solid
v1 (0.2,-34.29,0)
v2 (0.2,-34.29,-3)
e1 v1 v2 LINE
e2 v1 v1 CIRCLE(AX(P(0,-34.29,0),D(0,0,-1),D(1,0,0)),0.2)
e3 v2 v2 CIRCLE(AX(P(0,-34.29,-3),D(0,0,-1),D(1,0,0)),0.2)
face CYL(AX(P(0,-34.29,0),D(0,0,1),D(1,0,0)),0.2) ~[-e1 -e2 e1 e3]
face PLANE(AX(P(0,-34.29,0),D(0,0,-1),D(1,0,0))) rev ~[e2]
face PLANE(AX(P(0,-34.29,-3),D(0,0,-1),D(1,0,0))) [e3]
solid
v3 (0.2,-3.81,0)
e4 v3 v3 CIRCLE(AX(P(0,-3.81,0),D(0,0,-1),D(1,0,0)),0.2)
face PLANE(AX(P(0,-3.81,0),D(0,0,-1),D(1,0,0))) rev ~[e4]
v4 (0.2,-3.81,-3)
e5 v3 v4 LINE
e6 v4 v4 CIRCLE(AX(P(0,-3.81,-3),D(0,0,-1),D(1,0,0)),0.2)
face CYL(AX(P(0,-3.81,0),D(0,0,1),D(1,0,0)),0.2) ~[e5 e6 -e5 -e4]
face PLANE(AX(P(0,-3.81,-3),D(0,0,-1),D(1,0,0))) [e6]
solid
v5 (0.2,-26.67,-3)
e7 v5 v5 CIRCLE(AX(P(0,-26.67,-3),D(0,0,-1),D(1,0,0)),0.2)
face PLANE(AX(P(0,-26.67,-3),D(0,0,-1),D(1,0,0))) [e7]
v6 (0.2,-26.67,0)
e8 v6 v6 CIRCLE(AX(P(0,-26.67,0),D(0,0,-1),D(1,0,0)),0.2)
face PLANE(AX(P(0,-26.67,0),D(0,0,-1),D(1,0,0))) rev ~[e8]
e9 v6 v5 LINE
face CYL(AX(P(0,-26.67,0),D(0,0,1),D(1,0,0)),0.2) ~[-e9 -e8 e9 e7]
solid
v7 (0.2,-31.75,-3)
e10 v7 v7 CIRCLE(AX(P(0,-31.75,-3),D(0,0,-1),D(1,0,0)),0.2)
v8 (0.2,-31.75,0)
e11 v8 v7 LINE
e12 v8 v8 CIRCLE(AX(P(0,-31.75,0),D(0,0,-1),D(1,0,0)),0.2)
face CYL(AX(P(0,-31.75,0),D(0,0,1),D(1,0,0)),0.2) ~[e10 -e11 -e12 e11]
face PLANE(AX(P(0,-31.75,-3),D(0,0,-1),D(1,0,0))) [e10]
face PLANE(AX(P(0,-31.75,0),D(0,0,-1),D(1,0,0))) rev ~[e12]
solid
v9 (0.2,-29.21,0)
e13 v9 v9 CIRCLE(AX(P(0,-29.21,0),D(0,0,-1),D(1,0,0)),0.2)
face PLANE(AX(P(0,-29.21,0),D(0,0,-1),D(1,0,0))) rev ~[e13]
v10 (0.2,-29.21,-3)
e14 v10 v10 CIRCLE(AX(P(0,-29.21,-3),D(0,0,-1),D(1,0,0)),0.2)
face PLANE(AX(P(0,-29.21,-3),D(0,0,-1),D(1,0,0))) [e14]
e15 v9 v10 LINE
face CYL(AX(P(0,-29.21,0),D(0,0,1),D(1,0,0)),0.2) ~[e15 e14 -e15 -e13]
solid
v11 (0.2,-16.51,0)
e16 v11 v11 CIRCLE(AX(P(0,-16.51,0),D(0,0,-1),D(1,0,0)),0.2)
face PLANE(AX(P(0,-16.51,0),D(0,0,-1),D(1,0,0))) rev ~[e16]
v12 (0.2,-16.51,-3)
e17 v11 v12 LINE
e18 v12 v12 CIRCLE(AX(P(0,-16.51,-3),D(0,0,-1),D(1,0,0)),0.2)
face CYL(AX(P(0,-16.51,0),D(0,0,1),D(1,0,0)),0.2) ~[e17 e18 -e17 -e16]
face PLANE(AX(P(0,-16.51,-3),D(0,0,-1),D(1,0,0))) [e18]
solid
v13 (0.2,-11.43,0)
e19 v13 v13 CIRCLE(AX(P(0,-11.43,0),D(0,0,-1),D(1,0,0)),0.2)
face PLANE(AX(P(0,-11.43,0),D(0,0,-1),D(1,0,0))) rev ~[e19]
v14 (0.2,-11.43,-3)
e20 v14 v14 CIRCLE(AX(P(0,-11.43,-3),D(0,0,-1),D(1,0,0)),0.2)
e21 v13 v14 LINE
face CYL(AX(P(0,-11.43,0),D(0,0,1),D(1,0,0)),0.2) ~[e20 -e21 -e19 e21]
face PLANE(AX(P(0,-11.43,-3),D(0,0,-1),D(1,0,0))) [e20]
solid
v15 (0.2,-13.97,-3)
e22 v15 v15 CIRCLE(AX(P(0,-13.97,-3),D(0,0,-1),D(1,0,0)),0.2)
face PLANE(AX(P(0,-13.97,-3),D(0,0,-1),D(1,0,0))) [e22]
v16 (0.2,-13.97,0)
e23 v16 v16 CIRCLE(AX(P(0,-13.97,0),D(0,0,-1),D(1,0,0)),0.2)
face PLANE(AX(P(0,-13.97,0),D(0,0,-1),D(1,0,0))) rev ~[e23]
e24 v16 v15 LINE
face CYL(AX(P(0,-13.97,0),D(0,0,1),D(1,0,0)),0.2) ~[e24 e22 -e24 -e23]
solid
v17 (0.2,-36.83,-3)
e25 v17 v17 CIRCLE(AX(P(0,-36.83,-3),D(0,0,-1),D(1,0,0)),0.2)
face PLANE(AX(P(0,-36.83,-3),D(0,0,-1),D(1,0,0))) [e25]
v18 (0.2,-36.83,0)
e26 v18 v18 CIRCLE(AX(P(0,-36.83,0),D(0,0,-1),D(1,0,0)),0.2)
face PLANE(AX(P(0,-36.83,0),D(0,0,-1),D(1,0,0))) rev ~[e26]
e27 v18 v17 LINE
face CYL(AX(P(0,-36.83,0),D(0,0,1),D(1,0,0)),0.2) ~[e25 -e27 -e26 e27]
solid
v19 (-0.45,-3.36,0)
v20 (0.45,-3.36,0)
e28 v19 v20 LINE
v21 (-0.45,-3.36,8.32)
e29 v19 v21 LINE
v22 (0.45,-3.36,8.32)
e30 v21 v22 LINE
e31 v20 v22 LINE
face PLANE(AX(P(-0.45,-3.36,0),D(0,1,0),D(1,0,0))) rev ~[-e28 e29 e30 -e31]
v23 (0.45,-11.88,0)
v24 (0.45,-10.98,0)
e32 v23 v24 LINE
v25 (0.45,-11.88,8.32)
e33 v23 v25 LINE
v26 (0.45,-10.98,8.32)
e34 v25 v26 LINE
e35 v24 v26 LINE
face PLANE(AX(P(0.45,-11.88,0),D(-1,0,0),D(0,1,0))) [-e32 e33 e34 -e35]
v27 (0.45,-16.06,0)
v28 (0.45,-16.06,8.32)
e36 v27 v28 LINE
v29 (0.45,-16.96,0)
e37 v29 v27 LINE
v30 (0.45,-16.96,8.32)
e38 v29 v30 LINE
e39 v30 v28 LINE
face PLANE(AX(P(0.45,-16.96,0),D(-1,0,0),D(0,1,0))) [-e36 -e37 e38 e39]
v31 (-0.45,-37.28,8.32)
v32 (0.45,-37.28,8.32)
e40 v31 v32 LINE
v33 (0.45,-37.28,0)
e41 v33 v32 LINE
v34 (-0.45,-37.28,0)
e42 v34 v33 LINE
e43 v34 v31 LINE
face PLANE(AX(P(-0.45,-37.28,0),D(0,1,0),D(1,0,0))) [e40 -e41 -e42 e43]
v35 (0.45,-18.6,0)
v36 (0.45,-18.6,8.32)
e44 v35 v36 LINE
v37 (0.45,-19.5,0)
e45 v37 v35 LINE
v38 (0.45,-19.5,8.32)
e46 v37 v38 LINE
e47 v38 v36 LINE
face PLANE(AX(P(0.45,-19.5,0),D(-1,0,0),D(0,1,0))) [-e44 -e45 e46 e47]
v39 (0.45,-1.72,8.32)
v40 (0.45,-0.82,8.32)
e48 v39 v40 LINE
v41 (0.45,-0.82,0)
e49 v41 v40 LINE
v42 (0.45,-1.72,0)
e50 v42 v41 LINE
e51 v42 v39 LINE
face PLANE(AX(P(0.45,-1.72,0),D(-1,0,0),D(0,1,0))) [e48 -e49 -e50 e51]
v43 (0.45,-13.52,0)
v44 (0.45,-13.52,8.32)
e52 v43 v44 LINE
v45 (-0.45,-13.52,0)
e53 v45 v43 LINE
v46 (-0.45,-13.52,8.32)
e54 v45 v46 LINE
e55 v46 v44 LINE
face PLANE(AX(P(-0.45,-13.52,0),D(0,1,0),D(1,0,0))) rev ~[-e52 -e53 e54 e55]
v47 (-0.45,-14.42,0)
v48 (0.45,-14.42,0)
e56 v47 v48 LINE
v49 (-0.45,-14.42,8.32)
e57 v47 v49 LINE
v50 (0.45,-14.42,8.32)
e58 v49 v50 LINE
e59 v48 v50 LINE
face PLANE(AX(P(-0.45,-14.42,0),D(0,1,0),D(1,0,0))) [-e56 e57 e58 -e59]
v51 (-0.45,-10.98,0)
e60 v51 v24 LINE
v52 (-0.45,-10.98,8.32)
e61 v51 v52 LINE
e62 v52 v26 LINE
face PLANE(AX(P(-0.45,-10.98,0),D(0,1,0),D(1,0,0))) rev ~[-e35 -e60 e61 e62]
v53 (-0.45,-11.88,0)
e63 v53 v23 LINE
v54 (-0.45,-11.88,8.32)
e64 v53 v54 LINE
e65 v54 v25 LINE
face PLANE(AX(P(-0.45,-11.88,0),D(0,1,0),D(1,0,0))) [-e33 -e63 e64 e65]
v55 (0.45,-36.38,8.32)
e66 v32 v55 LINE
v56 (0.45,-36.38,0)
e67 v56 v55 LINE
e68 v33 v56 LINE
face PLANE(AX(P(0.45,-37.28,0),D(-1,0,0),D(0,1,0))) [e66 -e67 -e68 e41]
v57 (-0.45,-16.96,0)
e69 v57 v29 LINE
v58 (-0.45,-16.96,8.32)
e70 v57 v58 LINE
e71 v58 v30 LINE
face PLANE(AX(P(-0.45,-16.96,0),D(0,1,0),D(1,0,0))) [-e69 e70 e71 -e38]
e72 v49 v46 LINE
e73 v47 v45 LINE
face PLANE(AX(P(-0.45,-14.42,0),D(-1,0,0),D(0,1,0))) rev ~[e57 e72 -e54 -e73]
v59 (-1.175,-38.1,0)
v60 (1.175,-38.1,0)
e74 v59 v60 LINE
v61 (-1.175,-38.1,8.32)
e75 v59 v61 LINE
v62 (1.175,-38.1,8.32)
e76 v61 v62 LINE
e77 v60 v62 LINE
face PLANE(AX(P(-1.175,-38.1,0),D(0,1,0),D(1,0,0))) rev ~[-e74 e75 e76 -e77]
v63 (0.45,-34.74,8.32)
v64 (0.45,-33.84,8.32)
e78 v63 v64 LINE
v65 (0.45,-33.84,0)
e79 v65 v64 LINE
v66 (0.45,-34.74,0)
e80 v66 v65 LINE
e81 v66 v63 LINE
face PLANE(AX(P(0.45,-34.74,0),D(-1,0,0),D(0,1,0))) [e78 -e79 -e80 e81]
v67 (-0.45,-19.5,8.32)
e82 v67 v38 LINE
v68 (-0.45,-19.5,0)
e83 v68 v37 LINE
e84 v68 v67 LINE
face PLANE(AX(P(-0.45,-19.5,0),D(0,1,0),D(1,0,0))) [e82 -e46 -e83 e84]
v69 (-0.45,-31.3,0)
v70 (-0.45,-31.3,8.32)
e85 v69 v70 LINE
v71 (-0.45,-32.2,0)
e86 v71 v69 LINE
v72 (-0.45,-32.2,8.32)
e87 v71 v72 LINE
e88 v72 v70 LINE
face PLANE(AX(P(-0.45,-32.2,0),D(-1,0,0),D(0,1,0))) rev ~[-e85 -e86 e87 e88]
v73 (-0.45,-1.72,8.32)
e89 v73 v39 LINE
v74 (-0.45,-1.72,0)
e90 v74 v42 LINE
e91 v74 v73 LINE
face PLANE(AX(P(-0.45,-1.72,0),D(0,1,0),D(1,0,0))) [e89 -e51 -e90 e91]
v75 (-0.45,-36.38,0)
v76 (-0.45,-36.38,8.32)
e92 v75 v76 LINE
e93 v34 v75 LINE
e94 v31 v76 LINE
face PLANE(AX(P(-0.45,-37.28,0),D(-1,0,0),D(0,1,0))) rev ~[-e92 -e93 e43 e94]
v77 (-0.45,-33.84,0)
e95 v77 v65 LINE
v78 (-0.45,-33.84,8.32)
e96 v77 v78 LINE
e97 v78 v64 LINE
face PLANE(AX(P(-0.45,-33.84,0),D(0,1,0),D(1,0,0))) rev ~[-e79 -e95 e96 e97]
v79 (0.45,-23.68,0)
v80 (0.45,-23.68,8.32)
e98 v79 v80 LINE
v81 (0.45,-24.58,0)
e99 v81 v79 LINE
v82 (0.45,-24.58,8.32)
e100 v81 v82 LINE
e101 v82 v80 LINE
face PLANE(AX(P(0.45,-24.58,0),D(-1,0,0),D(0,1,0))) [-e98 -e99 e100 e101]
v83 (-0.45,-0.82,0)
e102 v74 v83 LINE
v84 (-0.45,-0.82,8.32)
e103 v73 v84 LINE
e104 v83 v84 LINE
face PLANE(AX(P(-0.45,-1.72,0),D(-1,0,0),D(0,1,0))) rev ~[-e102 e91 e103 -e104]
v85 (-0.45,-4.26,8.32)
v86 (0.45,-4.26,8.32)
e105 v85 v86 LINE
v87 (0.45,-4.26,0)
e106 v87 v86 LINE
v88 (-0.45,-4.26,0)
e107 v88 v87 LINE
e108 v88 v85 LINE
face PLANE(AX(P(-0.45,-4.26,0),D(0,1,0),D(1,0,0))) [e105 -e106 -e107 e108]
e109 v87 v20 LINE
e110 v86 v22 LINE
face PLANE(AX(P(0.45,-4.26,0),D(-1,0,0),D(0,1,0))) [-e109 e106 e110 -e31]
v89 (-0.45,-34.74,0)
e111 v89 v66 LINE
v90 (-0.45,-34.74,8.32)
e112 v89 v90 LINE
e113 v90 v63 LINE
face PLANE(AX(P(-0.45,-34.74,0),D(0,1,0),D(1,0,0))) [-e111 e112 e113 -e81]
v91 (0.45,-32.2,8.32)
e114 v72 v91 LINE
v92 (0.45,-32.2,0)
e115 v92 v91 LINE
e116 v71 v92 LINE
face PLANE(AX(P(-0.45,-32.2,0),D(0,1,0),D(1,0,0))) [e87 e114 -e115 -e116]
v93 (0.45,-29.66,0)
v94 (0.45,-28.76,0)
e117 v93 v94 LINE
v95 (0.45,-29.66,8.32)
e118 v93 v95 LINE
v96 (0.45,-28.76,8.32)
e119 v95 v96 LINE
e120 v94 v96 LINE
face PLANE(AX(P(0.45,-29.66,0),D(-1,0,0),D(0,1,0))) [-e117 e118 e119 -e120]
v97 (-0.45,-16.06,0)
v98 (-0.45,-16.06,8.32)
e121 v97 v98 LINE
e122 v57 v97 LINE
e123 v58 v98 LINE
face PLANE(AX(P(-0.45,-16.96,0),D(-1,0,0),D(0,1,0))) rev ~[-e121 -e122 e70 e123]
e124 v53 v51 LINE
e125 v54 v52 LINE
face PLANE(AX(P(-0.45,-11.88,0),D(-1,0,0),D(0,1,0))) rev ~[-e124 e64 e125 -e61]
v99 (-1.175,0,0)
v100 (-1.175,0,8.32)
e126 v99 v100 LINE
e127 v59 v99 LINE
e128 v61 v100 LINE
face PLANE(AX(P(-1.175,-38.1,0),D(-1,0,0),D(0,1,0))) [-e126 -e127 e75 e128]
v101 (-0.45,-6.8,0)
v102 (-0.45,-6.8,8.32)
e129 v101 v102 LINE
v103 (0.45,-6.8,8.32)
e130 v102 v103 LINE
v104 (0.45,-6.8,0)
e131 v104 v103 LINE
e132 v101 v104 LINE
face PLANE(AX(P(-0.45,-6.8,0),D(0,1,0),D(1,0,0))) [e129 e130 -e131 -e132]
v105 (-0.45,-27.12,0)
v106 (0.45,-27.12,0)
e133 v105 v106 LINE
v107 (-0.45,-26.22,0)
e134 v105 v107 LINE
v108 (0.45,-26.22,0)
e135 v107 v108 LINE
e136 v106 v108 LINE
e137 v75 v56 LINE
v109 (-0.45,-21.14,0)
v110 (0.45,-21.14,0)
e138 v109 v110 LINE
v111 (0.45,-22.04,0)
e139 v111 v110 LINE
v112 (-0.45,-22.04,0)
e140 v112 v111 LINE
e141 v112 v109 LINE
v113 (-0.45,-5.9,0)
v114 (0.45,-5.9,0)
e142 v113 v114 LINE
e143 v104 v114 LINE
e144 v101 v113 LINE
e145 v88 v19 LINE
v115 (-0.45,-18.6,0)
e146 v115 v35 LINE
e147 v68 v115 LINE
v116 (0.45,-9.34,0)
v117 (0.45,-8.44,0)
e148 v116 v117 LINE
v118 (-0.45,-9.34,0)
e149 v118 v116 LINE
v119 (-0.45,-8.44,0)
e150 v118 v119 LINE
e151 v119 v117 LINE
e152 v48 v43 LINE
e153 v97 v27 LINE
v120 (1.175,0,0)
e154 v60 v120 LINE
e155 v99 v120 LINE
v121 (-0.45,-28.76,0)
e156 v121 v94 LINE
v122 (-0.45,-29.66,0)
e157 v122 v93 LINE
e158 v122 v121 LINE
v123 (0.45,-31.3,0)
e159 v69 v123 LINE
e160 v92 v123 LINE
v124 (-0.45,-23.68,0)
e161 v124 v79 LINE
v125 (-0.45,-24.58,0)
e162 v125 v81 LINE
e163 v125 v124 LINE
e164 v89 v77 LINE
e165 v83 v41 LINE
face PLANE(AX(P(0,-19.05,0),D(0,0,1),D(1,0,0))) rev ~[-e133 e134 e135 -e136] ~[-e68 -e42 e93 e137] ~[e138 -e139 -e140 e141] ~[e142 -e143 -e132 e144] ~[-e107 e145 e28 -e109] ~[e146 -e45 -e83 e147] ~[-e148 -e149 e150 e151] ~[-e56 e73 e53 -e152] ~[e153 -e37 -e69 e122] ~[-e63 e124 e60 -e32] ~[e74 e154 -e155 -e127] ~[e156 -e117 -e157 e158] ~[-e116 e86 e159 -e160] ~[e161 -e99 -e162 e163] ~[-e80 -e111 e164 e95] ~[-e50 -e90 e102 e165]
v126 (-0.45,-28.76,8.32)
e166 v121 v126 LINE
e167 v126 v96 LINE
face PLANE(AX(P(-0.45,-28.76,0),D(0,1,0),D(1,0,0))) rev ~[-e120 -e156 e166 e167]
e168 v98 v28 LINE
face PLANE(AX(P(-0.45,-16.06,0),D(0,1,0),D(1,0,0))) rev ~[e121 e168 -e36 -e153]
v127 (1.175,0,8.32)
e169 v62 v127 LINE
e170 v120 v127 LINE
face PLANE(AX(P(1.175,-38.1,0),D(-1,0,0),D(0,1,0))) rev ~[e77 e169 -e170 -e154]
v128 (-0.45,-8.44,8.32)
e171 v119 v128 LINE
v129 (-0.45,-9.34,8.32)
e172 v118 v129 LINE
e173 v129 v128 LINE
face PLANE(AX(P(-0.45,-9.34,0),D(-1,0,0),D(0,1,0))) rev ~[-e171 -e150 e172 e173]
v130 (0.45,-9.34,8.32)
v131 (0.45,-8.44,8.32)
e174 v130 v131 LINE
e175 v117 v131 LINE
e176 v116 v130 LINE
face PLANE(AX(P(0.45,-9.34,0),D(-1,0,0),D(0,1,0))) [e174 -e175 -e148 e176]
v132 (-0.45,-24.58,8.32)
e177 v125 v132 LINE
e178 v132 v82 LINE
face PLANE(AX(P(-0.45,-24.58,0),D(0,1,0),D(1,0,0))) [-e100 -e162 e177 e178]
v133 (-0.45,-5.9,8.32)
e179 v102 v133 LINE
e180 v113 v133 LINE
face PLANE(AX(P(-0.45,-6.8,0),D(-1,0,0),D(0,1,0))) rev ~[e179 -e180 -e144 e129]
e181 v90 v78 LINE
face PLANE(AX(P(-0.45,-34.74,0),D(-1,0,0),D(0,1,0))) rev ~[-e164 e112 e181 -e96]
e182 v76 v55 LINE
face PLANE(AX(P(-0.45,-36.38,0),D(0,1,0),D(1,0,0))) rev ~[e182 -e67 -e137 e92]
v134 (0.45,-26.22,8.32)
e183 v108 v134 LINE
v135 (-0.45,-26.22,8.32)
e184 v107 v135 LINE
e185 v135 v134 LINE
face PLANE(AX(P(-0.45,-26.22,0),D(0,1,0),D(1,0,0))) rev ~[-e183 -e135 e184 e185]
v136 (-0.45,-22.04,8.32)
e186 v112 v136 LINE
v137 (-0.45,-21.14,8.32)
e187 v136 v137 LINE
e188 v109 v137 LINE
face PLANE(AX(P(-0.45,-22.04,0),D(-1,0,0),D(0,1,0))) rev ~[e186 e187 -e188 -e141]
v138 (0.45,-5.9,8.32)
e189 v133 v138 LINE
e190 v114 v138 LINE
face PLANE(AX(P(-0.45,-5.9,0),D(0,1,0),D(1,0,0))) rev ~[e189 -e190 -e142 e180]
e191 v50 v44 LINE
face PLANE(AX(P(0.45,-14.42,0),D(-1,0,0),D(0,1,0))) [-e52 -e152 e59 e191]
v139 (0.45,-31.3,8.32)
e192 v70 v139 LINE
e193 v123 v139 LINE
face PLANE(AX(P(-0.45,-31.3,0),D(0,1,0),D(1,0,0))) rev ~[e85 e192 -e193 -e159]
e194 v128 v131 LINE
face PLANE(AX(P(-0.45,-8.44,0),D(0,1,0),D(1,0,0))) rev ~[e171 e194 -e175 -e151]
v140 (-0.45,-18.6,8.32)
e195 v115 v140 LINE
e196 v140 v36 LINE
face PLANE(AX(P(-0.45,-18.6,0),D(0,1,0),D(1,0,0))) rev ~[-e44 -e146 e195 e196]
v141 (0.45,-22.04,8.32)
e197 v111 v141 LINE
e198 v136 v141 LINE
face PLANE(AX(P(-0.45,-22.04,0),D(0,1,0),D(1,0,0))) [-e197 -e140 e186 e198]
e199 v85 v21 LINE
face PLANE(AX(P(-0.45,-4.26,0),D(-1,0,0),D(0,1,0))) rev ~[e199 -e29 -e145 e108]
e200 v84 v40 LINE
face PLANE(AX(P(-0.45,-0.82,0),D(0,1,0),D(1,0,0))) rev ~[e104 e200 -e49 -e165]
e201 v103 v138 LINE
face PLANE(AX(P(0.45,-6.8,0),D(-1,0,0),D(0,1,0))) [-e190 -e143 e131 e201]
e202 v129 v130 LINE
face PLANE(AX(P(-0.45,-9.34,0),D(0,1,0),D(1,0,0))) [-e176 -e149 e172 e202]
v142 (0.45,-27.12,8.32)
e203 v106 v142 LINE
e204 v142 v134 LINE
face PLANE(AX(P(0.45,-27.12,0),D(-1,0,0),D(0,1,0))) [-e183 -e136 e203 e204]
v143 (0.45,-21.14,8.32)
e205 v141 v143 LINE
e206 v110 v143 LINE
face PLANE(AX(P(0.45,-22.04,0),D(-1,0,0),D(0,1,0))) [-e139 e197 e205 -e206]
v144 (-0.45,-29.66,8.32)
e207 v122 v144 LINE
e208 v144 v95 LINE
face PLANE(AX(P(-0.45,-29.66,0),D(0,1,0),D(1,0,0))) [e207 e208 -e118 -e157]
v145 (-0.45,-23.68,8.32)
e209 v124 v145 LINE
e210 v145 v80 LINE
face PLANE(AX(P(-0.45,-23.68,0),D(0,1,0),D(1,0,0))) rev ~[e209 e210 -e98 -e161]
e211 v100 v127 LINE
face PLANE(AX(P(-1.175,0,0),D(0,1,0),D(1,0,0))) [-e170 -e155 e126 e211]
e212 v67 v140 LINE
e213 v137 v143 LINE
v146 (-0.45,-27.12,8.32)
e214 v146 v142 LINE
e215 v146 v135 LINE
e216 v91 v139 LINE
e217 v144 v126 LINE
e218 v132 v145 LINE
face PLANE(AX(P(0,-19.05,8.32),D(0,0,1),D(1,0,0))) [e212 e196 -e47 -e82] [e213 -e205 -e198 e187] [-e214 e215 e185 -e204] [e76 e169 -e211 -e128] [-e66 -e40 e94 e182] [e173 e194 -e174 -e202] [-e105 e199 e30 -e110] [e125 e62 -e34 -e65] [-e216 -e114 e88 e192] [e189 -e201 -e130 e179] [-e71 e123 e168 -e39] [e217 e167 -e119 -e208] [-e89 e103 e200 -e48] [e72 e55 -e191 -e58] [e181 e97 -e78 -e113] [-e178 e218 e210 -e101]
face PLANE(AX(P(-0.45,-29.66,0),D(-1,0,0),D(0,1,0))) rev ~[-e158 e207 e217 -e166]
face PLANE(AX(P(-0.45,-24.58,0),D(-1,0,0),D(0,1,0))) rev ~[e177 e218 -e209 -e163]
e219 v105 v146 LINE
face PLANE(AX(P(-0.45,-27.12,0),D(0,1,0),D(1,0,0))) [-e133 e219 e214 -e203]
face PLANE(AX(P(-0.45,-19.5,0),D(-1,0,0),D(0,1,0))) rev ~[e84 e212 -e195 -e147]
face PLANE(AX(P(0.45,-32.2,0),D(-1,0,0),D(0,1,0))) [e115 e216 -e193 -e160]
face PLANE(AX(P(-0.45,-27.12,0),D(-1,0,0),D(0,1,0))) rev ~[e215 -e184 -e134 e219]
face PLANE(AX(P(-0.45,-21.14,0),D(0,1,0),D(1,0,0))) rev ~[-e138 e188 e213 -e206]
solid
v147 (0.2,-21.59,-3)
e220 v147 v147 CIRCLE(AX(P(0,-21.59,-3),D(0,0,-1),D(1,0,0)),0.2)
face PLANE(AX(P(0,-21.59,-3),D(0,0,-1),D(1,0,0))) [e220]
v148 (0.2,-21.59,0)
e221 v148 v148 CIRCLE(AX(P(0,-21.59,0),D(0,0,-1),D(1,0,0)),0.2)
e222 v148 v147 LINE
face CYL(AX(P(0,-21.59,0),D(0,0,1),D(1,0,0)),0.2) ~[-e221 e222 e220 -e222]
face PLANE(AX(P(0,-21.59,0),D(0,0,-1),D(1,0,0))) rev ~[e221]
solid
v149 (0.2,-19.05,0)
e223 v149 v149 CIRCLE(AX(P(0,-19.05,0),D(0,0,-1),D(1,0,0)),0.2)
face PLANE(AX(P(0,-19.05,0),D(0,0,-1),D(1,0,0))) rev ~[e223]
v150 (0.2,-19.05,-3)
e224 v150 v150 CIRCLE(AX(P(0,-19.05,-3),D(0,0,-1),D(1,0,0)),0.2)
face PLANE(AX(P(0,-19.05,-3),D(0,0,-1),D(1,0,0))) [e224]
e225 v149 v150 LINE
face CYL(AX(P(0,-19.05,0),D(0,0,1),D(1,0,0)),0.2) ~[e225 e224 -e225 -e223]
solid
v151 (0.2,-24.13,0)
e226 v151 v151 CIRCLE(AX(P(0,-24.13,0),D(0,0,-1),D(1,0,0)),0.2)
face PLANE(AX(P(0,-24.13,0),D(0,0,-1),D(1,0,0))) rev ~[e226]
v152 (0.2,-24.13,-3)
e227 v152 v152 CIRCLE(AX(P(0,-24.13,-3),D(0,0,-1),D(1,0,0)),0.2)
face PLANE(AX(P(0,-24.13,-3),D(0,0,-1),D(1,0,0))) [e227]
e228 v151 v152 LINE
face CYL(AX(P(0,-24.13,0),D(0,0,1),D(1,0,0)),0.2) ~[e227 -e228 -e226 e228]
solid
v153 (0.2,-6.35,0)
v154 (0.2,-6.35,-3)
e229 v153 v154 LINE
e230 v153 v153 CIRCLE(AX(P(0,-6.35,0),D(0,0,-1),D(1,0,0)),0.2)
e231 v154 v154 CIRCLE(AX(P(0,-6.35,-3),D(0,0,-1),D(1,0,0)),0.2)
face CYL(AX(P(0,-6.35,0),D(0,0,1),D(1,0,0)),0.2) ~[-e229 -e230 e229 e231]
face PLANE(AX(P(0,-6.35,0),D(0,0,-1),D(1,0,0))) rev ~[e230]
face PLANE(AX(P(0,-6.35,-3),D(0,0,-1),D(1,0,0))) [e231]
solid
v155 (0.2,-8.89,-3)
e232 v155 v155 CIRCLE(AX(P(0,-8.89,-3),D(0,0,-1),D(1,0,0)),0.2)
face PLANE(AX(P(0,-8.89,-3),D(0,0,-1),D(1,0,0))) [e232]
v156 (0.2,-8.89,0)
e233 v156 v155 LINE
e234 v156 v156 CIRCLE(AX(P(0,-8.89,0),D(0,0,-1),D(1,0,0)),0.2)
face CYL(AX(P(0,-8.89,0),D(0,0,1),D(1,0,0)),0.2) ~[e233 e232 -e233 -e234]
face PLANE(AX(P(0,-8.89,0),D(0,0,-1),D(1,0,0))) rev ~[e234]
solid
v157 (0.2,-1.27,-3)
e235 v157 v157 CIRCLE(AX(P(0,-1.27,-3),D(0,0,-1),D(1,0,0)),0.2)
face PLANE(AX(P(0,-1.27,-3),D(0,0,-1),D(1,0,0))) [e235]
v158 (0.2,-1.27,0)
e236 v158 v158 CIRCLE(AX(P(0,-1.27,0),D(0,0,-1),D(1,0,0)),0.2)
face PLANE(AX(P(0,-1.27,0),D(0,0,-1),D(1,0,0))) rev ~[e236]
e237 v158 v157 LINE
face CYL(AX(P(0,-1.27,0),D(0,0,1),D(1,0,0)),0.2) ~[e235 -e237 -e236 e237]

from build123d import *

# Parameters (mm, degrees)
F0_W     = 2.35
F0_H     = 38.1
F0_W_2   = 0.9
F0_H_2   = 0.9
F1_DEPTH = 8.32
F2_R     = 0.2
F3_DEPTH = 3


with BuildPart() as f1:
    # F0 (on Top) → F1 (new body)
    with BuildSketch(Plane.XY):
        with Locations((0, -19.05)):
            Rectangle(F0_W, F0_H)
        with Locations((0, -36.83)):
            Rectangle(F0_W_2, F0_H_2, mode=Mode.SUBTRACT)
        with Locations((0, -34.29)):
            Rectangle(F0_W_2, F0_H_2, mode=Mode.SUBTRACT)
        with Locations((0, -31.75)):
            Rectangle(F0_W_2, F0_H_2, mode=Mode.SUBTRACT)
        with Locations((0, -29.21)):
            Rectangle(F0_W_2, F0_H_2, mode=Mode.SUBTRACT)
        with Locations((0, -26.67)):
            Rectangle(F0_W_2, F0_H_2, mode=Mode.SUBTRACT)
        with Locations((0, -24.13)):
            Rectangle(F0_W_2, F0_H_2, mode=Mode.SUBTRACT)
        with Locations((0, -21.59)):
            Rectangle(F0_W_2, F0_H_2, mode=Mode.SUBTRACT)
        with Locations((0, -19.05)):
            Rectangle(F0_W_2, F0_H_2, mode=Mode.SUBTRACT)
        with Locations((0, -16.51)):
            Rectangle(F0_W_2, F0_H_2, mode=Mode.SUBTRACT)
        with Locations((0, -13.97)):
            Rectangle(F0_W_2, F0_H_2, mode=Mode.SUBTRACT)
        with Locations((0, -11.43)):
            Rectangle(F0_W_2, F0_H_2, mode=Mode.SUBTRACT)
        with Locations((0, -8.89)):
            Rectangle(F0_W_2, F0_H_2, mode=Mode.SUBTRACT)
        with Locations((0, -6.35)):
            Rectangle(F0_W_2, F0_H_2, mode=Mode.SUBTRACT)
        with Locations((0, -3.81)):
            Rectangle(F0_W_2, F0_H_2, mode=Mode.SUBTRACT)
        with Locations((0, -1.27)):
            Rectangle(F0_W_2, F0_H_2, mode=Mode.SUBTRACT)
    extrude(amount=F1_DEPTH)


with BuildPart() as f3:
    # F2 (on face) → F3 (new body)
    with BuildSketch(Plane(origin=(0, 0, 0), x_dir=(1, 0, 0), z_dir=(0, 0, -1))):
        with Locations((0, 36.83)):
            Circle(F2_R)
        with Locations((0, 34.29)):
            Circle(F2_R)
        with Locations((0, 31.75)):
            Circle(F2_R)
        with Locations((0, 29.21)):
            Circle(F2_R)
        with Locations((0, 26.67)):
            Circle(F2_R)
        with Locations((0, 24.13)):
            Circle(F2_R)
        with Locations((0, 21.59)):
            Circle(F2_R)
        with Locations((0, 19.05)):
            Circle(F2_R)
        with Locations((0, 16.51)):
            Circle(F2_R)
        with Locations((0, 13.97)):
            Circle(F2_R)
        with Locations((0, 11.43)):
            Circle(F2_R)
        with Locations((0, 8.89)):
            Circle(F2_R)
        with Locations((0, 6.35)):
            Circle(F2_R)
        with Locations((0, 3.81)):
            Circle(F2_R)
        with Locations((0, 1.27)):
            Circle(F2_R)
    extrude(amount=F3_DEPTH)


solid = Compound([f1.part, f3.part])
